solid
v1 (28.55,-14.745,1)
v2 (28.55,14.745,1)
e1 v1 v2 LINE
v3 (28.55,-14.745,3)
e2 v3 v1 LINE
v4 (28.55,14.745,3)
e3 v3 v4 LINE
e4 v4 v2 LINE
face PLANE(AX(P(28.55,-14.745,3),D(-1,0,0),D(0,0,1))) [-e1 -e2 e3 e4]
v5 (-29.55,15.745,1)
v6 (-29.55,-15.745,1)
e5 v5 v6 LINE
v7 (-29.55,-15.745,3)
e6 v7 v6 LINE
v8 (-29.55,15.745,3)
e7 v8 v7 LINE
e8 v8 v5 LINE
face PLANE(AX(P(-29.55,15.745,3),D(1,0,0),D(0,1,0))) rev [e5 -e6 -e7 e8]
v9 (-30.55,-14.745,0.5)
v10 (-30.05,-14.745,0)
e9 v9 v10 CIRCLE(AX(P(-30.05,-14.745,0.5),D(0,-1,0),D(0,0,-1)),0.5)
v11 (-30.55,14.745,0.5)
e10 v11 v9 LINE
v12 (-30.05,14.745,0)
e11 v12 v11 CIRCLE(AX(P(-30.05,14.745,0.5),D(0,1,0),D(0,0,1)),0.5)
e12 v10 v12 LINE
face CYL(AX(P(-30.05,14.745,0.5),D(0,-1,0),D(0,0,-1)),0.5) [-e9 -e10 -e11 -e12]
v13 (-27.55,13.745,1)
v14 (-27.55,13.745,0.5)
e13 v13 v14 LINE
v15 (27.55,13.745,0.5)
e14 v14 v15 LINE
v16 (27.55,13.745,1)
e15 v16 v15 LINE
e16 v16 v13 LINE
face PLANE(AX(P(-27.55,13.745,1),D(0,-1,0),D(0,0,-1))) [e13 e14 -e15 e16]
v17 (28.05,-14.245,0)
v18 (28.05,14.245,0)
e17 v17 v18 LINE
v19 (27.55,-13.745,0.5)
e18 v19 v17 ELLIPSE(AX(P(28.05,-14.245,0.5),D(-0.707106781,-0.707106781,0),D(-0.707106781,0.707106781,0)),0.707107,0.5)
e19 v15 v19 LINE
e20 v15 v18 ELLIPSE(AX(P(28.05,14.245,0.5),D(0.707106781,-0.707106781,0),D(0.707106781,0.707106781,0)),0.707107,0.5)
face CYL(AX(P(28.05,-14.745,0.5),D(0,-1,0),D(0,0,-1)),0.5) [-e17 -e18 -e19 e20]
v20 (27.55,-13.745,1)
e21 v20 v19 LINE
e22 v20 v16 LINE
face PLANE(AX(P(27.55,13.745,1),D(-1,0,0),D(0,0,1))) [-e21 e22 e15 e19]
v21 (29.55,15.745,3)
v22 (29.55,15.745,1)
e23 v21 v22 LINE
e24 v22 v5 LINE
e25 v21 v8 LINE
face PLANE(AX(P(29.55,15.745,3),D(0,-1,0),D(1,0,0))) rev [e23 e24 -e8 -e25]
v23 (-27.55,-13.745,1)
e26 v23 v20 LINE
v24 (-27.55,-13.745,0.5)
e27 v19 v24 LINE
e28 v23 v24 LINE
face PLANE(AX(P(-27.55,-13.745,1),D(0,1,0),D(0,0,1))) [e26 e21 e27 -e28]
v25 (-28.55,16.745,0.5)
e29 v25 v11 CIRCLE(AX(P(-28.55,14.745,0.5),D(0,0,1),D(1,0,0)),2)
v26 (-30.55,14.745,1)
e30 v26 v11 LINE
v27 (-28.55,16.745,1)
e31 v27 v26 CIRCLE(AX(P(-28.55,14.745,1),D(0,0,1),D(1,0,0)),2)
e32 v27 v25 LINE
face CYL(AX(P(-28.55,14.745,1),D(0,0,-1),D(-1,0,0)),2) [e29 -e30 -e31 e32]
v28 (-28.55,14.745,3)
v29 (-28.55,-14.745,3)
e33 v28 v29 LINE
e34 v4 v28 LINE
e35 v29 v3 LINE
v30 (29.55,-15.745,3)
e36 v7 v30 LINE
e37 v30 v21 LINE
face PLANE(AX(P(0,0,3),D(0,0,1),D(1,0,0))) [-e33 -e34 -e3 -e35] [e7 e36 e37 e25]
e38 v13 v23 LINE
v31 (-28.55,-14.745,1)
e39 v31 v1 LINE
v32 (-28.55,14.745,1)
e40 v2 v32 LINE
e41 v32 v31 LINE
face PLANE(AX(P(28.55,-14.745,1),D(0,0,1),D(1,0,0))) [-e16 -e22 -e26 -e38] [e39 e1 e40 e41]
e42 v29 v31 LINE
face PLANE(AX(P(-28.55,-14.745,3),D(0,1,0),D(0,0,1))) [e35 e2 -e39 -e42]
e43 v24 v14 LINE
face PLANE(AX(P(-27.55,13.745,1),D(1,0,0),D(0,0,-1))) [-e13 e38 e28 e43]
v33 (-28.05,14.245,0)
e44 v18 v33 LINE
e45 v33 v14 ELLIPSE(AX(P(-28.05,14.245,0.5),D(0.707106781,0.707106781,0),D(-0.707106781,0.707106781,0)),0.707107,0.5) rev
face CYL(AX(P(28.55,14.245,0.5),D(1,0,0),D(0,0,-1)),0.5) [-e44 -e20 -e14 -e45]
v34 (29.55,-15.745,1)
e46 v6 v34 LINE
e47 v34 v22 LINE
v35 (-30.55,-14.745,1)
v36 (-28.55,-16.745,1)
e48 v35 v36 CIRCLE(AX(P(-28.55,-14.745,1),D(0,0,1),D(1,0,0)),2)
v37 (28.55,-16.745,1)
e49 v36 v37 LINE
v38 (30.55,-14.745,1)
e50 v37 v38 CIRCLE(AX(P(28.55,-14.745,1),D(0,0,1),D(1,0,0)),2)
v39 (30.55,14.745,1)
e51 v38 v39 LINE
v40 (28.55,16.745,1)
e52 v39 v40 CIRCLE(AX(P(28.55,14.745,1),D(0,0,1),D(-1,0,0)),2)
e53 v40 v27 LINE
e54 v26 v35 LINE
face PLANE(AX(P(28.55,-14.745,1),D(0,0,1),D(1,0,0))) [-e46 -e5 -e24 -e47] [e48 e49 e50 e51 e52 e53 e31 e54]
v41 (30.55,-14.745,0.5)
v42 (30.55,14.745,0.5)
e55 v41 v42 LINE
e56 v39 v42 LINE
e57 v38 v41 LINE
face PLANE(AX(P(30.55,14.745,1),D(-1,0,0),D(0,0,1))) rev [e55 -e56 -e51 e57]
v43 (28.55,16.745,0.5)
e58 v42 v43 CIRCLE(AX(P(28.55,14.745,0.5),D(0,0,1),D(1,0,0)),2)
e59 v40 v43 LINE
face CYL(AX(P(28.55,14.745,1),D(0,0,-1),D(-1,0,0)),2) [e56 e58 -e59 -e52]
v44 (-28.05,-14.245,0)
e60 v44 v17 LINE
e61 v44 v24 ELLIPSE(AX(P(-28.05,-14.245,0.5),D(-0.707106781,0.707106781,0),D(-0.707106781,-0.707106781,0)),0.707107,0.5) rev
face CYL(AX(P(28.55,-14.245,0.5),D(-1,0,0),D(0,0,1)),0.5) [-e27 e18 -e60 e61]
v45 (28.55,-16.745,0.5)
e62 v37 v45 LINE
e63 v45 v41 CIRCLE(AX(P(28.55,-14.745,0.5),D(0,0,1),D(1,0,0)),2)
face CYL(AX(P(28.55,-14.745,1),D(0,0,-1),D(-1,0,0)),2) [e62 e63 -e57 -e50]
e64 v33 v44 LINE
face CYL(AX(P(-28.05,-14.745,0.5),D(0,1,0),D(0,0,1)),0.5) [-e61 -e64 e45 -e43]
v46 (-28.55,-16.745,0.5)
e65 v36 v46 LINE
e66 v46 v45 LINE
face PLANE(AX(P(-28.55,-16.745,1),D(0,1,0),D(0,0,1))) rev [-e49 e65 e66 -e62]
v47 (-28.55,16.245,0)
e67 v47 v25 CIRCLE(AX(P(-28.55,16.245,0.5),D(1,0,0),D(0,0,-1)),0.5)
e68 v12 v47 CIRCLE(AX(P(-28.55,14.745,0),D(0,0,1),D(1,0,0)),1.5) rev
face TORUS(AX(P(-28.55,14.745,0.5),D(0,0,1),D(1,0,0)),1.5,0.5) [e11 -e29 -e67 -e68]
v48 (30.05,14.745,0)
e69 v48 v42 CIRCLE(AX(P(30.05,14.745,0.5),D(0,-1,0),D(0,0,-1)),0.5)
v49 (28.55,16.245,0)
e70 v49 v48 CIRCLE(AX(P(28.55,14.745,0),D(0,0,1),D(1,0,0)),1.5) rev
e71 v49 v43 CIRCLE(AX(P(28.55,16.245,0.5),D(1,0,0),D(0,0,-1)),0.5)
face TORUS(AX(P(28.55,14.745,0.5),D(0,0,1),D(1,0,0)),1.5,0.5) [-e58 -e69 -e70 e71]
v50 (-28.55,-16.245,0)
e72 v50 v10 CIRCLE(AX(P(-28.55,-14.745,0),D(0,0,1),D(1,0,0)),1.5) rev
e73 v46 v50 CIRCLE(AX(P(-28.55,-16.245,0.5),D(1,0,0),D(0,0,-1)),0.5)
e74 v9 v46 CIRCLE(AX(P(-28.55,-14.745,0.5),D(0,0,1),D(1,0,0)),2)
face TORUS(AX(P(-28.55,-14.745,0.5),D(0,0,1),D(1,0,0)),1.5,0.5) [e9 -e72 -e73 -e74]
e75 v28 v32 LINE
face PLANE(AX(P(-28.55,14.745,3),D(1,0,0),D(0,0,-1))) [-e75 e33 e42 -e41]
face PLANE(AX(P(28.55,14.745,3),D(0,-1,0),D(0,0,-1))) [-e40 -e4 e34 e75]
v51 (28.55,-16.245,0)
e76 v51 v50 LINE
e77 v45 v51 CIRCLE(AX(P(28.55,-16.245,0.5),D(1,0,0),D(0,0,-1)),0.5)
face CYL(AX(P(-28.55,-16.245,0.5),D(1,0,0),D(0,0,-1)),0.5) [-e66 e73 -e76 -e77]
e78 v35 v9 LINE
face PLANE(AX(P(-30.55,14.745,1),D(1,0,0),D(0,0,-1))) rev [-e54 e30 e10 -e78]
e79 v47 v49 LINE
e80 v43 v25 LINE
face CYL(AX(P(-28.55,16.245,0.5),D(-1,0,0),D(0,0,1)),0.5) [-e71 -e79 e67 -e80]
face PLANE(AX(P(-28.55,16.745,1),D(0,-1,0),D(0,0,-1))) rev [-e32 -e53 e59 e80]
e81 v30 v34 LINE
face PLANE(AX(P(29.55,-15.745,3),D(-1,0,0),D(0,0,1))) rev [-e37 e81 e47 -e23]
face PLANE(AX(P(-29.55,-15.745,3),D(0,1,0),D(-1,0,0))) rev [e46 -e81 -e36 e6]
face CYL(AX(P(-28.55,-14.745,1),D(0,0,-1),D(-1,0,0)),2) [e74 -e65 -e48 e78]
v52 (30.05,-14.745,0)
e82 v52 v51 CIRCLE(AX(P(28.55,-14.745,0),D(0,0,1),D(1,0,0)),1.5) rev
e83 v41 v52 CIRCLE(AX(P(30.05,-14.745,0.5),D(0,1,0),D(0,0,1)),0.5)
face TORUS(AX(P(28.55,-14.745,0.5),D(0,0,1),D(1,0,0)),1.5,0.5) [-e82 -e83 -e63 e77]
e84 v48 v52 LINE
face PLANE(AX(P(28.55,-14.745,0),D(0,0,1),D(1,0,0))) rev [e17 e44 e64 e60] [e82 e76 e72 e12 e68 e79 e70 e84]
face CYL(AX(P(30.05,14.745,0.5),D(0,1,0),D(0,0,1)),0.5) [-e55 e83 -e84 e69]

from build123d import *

# Parameters (mm, degrees)
SKETCH1_W           = 55.1
SKETCH1_H           = 27.49
BOSS_EXTRUDE1_DEPTH = 1
FILLET2_R           = 0.5
SKETCH3_W           = 59.1
SKETCH3_H           = 31.49
SKETCH3_W_2         = 57.1
SKETCH3_H_2         = 29.49
BOSS_EXTRUDE2_DEPTH = 2


with BuildPart() as part:
    # Sketch1 → Boss-Extrude1 (new body)
    with BuildSketch(Plane.XY):
        with BuildLine():
            Line((-28.55, 16.745), (28.55, 16.745))
            ThreePointArc((28.55, 16.745), (29.964213562, 16.159213562), (30.55, 14.745))
            Line((30.55, 14.745), (30.55, -14.745))
            ThreePointArc((30.55, -14.745), (29.964213562, -16.159213562), (28.55, -16.745))
            Line((28.55, -16.745), (-28.55, -16.745))
            ThreePointArc((-28.55, -16.745), (-29.964213562, -16.159213562), (-30.55, -14.745))
            Line((-30.55, -14.745), (-30.55, 14.745))
            ThreePointArc((-30.55, 14.745), (-29.964213562, 16.159213562), (-28.55, 16.745))
        make_face()
        Rectangle(SKETCH1_W, SKETCH1_H, mode=Mode.SUBTRACT)
    extrude(amount=BOSS_EXTRUDE1_DEPTH)

    # Fillet2
    fillet2_edges = [part.edges().sort_by_distance(p)[0] for p in [
        (0, 16.745, 0),
        (29.964213562, 16.159213562, 0),
        (30.55, 0, 0),
        (29.964213562, -16.159213562, 0),
        (27.55, 0, 0),
        (0, 13.745, 0),
        (-27.55, 0, 0),
        (0, -13.745, 0),
        (0, -16.745, 0),
        (-29.964213562, -16.159213562, 0),
        (-30.55, 0, 0),
        (-29.964213562, 16.159213562, 0),
    ]]
    fillet(fillet2_edges, radius=FILLET2_R)

    # Sketch3 → Boss-Extrude2 (add)
    with BuildSketch(Plane.XY.offset(1)):
        Rectangle(SKETCH3_W, SKETCH3_H)
        Rectangle(SKETCH3_W_2, SKETCH3_H_2, mode=Mode.SUBTRACT)
    extrude(amount=BOSS_EXTRUDE2_DEPTH)


solid = part.part
